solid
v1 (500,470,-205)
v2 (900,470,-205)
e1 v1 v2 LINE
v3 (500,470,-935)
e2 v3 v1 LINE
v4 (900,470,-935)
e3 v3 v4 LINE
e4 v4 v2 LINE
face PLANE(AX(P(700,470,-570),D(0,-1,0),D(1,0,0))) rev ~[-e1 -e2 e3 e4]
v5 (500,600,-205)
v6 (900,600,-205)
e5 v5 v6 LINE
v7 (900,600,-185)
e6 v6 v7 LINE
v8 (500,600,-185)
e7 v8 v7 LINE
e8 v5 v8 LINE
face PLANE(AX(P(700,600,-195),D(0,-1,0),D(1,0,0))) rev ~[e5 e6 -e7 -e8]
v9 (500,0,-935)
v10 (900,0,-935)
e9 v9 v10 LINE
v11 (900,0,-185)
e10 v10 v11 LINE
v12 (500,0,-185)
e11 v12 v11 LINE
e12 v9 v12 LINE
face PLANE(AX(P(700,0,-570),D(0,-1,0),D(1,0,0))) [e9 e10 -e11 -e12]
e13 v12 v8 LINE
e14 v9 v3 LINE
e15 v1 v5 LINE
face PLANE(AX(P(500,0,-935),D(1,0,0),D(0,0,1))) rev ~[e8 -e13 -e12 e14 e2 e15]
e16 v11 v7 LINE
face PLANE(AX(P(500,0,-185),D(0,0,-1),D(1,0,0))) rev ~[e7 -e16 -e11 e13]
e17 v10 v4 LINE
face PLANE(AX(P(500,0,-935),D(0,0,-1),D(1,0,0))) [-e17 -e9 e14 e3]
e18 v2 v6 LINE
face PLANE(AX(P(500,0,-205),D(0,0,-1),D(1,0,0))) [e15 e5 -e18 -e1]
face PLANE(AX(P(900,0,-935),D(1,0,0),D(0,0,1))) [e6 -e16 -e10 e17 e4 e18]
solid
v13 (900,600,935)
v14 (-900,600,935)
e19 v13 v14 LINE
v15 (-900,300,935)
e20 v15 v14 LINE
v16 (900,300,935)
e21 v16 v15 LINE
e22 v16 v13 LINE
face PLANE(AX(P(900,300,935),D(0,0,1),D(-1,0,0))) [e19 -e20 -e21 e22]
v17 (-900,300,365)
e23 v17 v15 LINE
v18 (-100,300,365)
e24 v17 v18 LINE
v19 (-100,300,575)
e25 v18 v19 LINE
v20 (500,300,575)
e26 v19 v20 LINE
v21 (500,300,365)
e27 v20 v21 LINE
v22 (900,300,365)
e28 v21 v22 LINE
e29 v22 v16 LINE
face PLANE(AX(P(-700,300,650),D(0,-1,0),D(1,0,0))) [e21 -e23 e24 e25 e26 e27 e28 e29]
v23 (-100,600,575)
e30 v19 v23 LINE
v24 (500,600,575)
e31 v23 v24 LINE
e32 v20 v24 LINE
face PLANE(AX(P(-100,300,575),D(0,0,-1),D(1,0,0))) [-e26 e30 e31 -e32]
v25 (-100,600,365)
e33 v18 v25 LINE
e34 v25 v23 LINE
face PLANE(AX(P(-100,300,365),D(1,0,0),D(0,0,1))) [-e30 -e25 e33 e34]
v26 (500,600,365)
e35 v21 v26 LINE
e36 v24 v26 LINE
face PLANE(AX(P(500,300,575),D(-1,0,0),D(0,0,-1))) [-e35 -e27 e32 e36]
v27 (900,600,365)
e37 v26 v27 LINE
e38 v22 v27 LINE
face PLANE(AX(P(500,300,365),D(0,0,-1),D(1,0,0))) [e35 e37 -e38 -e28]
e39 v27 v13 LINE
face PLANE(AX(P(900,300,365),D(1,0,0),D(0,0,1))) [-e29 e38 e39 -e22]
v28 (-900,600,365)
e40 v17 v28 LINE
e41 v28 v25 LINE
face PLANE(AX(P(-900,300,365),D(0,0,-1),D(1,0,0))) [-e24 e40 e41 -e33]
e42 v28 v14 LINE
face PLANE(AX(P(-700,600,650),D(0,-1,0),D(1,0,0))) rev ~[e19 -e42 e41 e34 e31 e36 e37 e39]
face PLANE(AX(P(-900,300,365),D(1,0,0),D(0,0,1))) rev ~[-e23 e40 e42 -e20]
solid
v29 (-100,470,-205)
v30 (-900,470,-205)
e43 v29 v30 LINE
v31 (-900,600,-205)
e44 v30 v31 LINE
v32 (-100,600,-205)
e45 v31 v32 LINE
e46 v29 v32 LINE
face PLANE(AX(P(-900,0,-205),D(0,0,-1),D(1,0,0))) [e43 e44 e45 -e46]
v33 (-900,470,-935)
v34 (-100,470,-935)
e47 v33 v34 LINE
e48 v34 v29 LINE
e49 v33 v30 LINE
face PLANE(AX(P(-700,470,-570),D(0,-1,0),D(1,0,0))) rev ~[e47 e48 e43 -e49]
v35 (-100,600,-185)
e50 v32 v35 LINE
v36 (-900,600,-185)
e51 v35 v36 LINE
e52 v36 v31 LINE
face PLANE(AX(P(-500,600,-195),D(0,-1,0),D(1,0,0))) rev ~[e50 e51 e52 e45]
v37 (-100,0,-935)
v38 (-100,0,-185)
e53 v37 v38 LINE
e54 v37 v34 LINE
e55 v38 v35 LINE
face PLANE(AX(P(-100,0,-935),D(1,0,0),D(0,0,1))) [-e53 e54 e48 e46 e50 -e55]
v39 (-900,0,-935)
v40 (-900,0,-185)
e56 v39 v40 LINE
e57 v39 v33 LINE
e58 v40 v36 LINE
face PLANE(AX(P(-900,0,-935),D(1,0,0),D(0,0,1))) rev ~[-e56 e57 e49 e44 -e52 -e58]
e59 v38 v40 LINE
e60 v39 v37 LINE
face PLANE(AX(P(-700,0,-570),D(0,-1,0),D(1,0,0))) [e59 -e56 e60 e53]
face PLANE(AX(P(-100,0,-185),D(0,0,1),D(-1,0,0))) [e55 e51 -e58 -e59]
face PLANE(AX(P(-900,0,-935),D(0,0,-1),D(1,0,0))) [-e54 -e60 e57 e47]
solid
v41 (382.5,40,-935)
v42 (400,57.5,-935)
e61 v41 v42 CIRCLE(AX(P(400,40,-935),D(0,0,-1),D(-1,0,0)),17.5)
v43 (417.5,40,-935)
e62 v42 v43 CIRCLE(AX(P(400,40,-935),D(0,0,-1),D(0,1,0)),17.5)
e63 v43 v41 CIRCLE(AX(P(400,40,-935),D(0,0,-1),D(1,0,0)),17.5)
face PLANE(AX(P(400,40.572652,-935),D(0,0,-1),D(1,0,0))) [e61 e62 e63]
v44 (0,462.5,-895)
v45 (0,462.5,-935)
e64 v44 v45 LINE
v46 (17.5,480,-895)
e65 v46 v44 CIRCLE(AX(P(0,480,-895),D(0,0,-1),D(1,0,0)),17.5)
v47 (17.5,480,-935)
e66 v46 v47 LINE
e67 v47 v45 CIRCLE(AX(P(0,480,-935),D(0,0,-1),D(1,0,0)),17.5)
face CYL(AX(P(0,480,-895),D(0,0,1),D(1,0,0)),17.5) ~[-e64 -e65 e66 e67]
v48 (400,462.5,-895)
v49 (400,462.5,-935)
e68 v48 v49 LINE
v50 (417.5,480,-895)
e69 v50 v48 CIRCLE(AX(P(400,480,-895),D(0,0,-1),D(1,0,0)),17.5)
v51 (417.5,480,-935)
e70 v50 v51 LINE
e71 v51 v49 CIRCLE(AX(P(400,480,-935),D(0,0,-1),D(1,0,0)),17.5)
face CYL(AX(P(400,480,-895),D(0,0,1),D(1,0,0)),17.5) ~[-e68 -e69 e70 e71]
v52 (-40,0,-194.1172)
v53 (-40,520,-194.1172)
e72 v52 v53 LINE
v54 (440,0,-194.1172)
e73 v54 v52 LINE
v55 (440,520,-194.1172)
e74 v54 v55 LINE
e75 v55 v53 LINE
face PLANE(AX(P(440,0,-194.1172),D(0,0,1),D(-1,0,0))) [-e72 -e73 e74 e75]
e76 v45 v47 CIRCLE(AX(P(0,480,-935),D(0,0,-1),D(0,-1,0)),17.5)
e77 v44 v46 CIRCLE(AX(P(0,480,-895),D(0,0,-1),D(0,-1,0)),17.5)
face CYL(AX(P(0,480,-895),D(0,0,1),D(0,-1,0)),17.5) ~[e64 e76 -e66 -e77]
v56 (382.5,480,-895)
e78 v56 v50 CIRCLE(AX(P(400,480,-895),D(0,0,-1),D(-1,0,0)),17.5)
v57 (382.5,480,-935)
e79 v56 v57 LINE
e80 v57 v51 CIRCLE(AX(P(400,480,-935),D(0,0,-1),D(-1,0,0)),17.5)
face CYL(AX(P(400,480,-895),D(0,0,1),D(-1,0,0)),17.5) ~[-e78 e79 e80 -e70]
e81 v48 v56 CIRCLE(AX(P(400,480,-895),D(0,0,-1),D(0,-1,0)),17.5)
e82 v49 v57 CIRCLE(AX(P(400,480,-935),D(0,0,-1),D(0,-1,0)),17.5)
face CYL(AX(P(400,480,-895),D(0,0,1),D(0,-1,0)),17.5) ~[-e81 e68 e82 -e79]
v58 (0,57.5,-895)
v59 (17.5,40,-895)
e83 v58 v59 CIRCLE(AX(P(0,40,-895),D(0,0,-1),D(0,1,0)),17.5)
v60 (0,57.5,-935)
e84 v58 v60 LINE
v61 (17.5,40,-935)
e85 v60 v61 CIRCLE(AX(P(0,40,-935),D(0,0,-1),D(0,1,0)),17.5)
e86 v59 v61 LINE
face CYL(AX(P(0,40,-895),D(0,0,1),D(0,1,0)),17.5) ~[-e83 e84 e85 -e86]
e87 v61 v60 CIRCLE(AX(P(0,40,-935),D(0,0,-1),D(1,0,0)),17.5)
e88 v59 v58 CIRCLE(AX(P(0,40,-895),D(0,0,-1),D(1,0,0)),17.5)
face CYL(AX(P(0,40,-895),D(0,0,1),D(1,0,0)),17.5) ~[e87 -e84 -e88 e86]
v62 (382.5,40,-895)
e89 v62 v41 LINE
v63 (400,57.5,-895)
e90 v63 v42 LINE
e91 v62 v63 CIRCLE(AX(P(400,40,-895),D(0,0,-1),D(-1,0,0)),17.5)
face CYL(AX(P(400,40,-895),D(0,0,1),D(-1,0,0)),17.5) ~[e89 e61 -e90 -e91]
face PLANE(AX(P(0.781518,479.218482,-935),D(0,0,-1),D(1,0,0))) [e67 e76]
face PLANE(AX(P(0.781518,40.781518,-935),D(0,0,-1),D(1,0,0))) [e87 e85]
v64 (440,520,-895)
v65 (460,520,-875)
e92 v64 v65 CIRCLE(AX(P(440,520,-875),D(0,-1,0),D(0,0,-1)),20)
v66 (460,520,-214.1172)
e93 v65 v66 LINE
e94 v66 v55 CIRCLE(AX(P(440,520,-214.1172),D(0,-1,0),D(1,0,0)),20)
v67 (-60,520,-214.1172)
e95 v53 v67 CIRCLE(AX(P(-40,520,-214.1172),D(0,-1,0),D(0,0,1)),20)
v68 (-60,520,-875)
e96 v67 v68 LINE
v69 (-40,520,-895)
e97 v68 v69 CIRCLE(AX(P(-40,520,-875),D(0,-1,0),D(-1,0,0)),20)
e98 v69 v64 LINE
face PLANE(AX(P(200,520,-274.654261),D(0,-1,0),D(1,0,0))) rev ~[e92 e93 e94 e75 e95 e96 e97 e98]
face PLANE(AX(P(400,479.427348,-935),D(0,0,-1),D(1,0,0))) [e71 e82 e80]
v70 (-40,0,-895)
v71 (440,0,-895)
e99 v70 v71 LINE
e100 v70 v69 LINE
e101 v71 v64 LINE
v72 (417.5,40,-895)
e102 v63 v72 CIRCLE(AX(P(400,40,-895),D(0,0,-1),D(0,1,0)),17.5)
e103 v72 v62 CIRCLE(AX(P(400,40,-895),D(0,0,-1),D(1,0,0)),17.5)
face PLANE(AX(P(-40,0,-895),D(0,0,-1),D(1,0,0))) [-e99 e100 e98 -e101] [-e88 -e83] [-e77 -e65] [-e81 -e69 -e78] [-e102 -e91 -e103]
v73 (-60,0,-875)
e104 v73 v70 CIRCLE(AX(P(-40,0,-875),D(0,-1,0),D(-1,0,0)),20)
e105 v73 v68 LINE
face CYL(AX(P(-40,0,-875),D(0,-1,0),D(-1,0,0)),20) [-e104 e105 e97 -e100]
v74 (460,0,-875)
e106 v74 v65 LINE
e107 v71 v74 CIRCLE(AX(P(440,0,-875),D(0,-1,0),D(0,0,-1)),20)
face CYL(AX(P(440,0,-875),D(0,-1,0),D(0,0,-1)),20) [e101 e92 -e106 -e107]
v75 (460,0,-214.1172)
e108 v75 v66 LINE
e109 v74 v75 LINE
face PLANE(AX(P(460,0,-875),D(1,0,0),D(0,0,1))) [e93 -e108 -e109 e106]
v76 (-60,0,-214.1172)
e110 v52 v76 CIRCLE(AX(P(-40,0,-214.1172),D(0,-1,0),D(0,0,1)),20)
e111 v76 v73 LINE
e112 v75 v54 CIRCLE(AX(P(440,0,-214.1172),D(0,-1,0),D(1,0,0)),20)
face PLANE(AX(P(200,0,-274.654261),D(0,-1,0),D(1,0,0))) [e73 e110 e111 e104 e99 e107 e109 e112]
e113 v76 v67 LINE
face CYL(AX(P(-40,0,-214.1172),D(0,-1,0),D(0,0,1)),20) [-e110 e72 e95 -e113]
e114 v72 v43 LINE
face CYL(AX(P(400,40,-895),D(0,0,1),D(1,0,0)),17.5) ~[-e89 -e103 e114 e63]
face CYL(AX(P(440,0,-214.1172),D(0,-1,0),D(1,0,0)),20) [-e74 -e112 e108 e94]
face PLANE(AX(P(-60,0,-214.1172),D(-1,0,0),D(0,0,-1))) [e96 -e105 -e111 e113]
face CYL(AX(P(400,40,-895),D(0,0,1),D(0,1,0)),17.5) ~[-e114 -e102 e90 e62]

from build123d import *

# Parameters (mm, degrees)
F0_W     = 520
F0_H     = 121.0741209984
F0_H_2   = 441.2462595788
F1_DEPTH = 520
F2_DEPTH = 600
F0_W_2   = 400
F0_H_3   = 20
F0_H_4   = 730
F3_DEPTH = 470
F4_START = -300
F0_H_5   = 570
F0_W_3   = 600
F0_H_6   = 360
F4_DEPTH = 300
F6_DEPTH = 40


with BuildPart() as f1:
    # F0 (on Front) → F1 (new body)
    with BuildSketch(Plane.XZ):
        with Locations((200, -274.6542605075)):
            Rectangle(F0_W, F0_H)
        with Locations((200, -555.8144507961)):
            Rectangle(F0_W, F0_H_2)
        with BuildLine():
            Line((440, -194.1172000083), (-40, -194.1172000083))
            ThreePointArc((-40, -194.1172000083), (-54.1421356237, -199.9750643845), (-60, -214.1172000083))
            Line((-60, -214.1172000083), (460, -214.1172000083))
            ThreePointArc((460, -214.1172000083), (454.1421356237, -199.9750643845), (440, -194.1172000083))
        make_face()
        with BuildLine():
            Line((460, -776.4375805855), (-60, -776.4375805855))
            Line((-60, -776.4375805855), (-60, -875))
            ThreePointArc((-60, -875), (-54.1421356237, -889.1421356237), (-40, -895))
            Line((-40, -895), (440, -895))
            ThreePointArc((440, -895), (454.1421356237, -889.1421356237), (460, -875))
            Line((460, -875), (460, -776.4375805855))
        make_face()
    extrude(amount=-F1_DEPTH)

    # F5 (on face) → F6 (join)
    with BuildSketch(Plane(origin=(0, 0, -895), x_dir=(1, 0, 0), z_dir=(0, 0, -1))):
        with BuildLine():
            ThreePointArc((0, -57.5), (12.3743686708, -52.3743686708), (17.5, -40))
            ThreePointArc((17.5, -40), (-12.3743686708, -27.6256313292), (0, -57.5))
        make_face()
        with BuildLine():
            ThreePointArc((417.5, -40), (400, -22.5), (382.5, -40))
            ThreePointArc((382.5, -40), (387.6256313292, -52.3743686708), (400, -57.5))
            ThreePointArc((400, -57.5), (412.3743686708, -52.3743686708), (417.5, -40))
        make_face()
        with BuildLine():
            ThreePointArc((17.5, -480), (12.3743686708, -467.6256313292), (0, -462.5))
            ThreePointArc((0, -462.5), (-12.3743686708, -492.3743686708), (17.5, -480))
        make_face()
        with BuildLine():
            ThreePointArc((417.5, -480), (412.3743686708, -467.6256313292), (400, -462.5))
            ThreePointArc((400, -462.5), (387.6256313292, -467.6256313292), (382.5, -480))
            ThreePointArc((382.5, -480), (400, -497.5), (417.5, -480))
        make_face()
    extrude(amount=F6_DEPTH)


with BuildPart() as f2:
    # F0 (on Front) → F2 (new body)
    with BuildSketch(Plane.XZ):
        Polygon((-900, -185), (-900, -205), (-500, -205), (-100, -205), (-100, -185), align=None)
    extrude(amount=-F2_DEPTH)

    # F0 (on Front) → F3 (join)
    with BuildSketch(Plane.XZ):
        with Locations((-700, -570)):
            Rectangle(F0_W_2, F0_H_4)
        with Locations((-300, -570)):
            Rectangle(F0_W_2, F0_H_4)
    extrude(amount=-F3_DEPTH)


with BuildPart() as f2b:
    # F0 (on Front) → F2, piece 2 (new body)
    with BuildSketch(Plane.XZ):
        with Locations((700, -195)):
            Rectangle(F0_W_2, F0_H_3)
    extrude(amount=-F2_DEPTH)

    # F0 (on Front) → F3, piece 2 (join)
    with BuildSketch(Plane.XZ):
        with Locations((700, -570)):
            Rectangle(F0_W_2, F0_H_4)
    extrude(amount=-F3_DEPTH)


with BuildPart() as f4:
    # F0 (on Front) → F4 (new body)
    with BuildSketch(Plane.XZ.offset(F4_START)):
        with Locations((-700, 650)):
            Rectangle(F0_W_2, F0_H_5)
        Polygon((-100, 935), (-500, 935), (-500, 365), (-100, 365), (-100, 575), align=None)
        with Locations((200, 755)):
            Rectangle(F0_W_3, F0_H_6)
        Polygon((900, 935), (500, 935), (500, 575), (500, 365), (900, 365), align=None)
    extrude(amount=-F4_DEPTH)


solid = Compound([f1.part, f2.part, f2b.part, f4.part])
